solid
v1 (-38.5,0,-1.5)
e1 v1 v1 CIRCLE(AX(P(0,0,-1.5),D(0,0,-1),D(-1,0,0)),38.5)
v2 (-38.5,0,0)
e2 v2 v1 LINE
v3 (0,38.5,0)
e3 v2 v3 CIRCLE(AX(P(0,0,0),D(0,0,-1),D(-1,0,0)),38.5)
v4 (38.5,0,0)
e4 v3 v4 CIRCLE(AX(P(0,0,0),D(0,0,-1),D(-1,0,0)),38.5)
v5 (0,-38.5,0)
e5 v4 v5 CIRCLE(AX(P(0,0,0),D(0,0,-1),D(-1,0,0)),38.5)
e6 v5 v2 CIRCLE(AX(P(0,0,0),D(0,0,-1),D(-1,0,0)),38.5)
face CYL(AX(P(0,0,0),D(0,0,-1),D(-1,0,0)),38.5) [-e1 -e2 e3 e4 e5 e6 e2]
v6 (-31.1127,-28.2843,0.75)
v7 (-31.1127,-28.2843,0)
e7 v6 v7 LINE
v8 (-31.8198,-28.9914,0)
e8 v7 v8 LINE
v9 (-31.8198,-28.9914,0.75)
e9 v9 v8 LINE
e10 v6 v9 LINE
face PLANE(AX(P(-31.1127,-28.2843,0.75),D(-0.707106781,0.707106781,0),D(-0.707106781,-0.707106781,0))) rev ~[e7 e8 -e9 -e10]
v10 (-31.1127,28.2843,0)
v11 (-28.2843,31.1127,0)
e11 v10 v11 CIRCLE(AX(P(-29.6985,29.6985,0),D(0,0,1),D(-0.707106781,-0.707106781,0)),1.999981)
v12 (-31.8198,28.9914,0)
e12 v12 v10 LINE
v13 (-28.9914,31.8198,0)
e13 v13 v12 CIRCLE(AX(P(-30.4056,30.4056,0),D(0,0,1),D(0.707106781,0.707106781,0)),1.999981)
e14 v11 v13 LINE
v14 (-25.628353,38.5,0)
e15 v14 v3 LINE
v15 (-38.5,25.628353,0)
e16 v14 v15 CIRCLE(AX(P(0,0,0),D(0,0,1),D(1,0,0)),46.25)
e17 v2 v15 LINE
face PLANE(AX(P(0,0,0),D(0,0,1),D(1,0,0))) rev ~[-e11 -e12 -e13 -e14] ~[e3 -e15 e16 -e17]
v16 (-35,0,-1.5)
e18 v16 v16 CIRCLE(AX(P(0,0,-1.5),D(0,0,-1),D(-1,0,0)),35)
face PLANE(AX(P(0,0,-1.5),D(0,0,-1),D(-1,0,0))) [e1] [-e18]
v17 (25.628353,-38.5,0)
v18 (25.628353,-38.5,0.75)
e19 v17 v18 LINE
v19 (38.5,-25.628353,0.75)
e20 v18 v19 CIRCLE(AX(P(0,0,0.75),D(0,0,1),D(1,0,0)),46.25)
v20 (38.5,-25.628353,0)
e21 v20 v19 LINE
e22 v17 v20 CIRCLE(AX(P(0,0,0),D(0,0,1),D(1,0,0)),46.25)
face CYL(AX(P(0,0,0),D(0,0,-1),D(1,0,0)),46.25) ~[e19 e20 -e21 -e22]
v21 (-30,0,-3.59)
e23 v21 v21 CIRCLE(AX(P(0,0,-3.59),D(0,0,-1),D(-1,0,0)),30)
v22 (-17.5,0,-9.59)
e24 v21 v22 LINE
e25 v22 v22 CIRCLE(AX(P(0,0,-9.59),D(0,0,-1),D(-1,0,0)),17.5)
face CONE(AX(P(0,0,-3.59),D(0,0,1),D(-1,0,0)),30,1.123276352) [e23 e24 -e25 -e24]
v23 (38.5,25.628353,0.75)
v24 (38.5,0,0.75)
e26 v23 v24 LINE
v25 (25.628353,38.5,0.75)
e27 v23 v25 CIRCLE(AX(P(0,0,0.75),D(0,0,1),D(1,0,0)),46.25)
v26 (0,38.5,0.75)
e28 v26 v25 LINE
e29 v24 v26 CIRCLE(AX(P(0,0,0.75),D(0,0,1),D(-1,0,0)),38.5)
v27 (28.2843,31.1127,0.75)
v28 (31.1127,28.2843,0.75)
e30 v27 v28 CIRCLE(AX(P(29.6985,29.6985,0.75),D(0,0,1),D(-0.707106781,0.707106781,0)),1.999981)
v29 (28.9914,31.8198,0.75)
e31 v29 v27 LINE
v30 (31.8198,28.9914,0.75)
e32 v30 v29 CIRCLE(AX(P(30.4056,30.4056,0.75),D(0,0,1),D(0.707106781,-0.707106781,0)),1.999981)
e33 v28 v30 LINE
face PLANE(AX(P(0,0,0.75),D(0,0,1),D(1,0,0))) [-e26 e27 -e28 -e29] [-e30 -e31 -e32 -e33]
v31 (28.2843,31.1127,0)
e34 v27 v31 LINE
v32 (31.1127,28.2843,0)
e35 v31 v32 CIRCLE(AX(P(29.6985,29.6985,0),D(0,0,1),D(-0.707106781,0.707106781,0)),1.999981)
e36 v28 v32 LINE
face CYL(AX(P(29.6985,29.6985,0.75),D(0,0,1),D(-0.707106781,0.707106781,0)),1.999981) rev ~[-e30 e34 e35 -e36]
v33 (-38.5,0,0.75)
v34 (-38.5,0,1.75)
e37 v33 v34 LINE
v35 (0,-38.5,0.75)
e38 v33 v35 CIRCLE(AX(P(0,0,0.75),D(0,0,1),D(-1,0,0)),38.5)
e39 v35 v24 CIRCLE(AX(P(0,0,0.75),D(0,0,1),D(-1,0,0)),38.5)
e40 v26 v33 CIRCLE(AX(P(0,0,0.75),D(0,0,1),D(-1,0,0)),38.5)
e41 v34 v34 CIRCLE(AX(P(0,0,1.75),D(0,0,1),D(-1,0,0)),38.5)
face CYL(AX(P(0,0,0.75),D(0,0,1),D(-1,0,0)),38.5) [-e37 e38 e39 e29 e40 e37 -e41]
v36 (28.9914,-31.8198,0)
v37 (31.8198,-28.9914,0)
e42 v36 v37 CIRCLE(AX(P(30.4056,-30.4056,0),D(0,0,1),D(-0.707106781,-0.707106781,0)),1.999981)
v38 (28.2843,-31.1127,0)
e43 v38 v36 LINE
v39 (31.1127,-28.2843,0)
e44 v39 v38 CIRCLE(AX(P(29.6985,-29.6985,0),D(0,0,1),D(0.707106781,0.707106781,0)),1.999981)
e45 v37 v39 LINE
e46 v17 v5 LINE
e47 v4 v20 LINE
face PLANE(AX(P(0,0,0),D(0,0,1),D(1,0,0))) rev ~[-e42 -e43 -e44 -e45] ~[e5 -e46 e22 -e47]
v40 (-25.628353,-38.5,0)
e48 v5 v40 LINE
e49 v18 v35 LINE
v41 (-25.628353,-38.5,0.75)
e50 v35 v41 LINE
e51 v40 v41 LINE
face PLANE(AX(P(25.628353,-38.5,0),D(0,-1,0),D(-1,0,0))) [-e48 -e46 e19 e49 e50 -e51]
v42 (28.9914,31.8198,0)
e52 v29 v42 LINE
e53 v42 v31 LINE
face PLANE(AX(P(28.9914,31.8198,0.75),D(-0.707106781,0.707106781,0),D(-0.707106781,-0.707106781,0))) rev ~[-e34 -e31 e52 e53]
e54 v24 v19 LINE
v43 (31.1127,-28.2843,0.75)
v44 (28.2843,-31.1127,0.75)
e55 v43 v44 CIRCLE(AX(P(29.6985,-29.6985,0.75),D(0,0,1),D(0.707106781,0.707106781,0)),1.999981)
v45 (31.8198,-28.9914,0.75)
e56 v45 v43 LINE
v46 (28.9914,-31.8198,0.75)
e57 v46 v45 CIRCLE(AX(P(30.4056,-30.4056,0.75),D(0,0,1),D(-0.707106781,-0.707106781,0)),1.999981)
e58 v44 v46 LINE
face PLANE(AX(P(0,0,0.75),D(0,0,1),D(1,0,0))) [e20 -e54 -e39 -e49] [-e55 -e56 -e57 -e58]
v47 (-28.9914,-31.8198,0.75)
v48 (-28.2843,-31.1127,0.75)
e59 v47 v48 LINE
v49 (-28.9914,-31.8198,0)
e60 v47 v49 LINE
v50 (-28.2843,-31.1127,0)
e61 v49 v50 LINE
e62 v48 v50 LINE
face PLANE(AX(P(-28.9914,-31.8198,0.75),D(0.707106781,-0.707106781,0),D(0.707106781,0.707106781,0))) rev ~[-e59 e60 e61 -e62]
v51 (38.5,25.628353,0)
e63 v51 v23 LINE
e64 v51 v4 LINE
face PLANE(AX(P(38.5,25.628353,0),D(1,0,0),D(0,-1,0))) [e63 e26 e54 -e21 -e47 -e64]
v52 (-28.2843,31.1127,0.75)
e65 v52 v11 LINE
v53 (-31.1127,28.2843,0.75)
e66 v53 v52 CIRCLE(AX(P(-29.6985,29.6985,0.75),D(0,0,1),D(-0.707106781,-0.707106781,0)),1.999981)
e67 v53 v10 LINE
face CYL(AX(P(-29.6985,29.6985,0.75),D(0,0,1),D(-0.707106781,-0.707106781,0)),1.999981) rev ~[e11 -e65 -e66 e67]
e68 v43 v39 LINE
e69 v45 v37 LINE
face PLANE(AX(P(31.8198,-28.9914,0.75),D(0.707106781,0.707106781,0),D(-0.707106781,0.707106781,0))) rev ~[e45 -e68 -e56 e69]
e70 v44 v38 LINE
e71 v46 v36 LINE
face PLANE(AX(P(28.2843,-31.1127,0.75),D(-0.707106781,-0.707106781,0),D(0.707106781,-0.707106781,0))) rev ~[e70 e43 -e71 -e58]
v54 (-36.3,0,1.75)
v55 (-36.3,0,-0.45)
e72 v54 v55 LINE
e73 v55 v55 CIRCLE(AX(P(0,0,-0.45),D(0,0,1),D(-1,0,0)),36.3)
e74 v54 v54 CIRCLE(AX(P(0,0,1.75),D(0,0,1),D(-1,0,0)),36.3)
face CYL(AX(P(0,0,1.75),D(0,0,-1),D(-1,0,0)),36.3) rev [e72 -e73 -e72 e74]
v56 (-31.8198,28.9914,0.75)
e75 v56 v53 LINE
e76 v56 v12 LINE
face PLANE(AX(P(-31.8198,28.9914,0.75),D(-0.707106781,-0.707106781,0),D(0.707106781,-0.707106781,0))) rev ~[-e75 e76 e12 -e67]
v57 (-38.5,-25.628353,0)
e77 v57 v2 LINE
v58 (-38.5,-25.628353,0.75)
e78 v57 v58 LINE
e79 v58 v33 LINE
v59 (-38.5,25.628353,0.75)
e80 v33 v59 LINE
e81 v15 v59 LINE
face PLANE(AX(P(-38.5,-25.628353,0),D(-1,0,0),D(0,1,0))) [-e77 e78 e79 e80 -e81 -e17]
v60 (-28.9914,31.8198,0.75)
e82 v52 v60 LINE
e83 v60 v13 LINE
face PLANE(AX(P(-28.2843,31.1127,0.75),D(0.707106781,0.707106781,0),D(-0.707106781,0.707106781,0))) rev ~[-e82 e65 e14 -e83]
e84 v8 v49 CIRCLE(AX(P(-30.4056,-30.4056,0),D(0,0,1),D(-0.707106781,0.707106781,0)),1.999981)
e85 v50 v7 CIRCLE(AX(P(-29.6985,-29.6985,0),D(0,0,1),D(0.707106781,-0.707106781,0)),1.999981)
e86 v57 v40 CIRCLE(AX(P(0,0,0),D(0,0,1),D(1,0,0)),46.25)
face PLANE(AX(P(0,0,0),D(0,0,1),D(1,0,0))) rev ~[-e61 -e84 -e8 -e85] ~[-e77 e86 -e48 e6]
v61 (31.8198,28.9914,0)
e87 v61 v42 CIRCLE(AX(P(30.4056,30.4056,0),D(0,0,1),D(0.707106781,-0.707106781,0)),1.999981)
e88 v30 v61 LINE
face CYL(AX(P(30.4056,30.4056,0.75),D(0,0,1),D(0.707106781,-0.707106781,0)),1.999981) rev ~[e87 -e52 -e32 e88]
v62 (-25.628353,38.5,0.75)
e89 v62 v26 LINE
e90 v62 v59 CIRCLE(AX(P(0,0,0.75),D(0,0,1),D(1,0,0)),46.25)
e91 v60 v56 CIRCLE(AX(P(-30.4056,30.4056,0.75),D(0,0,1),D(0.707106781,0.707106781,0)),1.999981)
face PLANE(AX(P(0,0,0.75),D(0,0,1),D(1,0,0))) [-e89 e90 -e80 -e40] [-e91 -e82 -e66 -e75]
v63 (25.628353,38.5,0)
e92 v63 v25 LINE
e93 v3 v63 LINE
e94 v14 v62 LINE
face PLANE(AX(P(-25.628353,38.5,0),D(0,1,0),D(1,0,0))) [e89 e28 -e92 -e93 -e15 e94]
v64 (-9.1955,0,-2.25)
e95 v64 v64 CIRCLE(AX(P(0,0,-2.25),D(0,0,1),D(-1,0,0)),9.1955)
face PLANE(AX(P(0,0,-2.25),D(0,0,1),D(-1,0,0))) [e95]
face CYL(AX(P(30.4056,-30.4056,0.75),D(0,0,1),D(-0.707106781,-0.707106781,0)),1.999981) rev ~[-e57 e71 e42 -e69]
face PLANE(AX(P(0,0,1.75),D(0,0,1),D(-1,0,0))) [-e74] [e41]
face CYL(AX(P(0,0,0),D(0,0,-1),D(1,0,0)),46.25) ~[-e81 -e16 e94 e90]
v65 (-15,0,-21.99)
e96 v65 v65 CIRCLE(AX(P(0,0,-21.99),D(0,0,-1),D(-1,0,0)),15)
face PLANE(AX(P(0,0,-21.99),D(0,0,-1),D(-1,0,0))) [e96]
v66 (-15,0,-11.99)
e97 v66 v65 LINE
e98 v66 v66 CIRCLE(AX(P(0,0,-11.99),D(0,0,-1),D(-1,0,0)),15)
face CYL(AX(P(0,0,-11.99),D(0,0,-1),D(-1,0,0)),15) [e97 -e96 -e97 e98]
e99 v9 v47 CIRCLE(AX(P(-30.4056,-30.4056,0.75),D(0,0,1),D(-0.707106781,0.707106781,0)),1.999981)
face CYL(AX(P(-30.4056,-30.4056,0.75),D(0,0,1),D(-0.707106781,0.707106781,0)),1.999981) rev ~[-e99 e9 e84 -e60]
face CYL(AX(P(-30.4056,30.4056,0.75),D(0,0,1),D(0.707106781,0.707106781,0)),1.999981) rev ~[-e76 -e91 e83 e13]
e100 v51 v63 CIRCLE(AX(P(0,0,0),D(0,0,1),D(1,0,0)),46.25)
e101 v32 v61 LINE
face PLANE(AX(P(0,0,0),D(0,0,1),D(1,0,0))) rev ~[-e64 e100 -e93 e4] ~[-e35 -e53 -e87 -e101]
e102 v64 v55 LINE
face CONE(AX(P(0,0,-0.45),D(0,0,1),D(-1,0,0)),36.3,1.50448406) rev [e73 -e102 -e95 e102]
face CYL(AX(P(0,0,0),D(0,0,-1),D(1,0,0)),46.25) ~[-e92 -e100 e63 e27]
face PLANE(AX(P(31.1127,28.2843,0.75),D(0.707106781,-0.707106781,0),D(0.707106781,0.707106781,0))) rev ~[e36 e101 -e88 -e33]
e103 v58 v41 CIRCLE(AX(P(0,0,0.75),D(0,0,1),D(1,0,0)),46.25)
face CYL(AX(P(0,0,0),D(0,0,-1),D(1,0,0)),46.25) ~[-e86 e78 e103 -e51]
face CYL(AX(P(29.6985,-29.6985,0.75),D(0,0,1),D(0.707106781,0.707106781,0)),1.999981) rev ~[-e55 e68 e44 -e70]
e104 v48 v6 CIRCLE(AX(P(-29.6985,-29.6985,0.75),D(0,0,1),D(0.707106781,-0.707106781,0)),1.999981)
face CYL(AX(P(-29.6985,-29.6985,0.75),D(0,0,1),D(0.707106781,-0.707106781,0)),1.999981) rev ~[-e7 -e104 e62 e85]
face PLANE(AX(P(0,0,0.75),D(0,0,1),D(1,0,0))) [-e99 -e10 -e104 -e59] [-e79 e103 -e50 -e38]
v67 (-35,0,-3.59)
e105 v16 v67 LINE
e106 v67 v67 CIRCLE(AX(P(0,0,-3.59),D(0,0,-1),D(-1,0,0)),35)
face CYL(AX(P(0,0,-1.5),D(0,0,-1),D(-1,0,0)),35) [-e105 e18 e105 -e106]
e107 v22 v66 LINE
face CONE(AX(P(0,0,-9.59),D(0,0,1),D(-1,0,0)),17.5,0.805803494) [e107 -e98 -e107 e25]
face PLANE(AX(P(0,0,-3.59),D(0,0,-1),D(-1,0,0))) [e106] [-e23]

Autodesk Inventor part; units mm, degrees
ref_plane "YZ Plane" through (0, 0, 0) normal (1, 0, 0) x (0, 1, 0)
ref_plane "XZ Plane" through (0, 0, 0) normal (0, 1, 0) x (-1, 0, 0)
ref_plane "XY Plane" through (0, 0, 0) normal (0, 0, 1) x (1, 0, 0)
sketch "스케치1" plane through (0, 0, 0) normal (0, 0, 1) x (1, 0, 0)
  circle A0 centre (0, 0) radius 46.25
  line L0 (-38.5, 38.5) -> (38.5, 38.5)
  line L1 (38.5, 38.5) -> (38.5, -38.5)
  line L2 (38.5, -38.5) -> (-38.5, -38.5)
  line L3 (-38.5, -38.5) -> (-38.5, 38.5)
  line L4 (-38.5, 38.5) -> (38.5, -38.5) construction
  line L5 (38.5, 38.5) -> (-38.5, -38.5) construction
  point P0 (-38.5, 25.6284)
  point P1 (-38.5, -25.6284)
  point P2 (-25.6284, -38.5)
  point P3 (25.6284, -38.5)
  point P4 (38.5, -25.6284)
  point P5 (38.5, 25.6284)
  point P6 (25.6284, 38.5)
  point P7 (-25.6284, 38.5)
  dimension "d0" = 92.5
  dimension "d1" = 77
  dimension "d2" = 77
extrude "돌출1" add sketch "스케치1" along normal blind 0.75 contours L1 A0 L2 L3 L0
sketch "스케치2" plane through (0, 0, 0) normal (0, 1, 0) x (-1, 0, 0)
  line L0 (25.6284, 0.75) -> (-25.6284, 0.75) projected
  line L1 (0, 0.75) -> (0, -28.2062)
  line L2 (38.5, 0) -> (38.5, -1.5)
  line L3 (38.5, -1.5) -> (35, -1.5)
  line L4 (35, -1.5) -> (35, -3.59)
  line L5 (35, -3.59) -> (0, -3.59)
  line L6 (38.5, 0) -> (25.6284, 0) projected
  line L7 (30, -3.59) -> (17.5, -9.59)
  line L8 (17.5, -9.59) -> (15, -11.99)
  line L9 (15, -11.99) -> (15, -21.99)
  line L10 (15, -21.99) -> (0, -21.99)
  line L11 (-25.6284, 0) -> (25.6284, 0) projected
  point P0 (0, 0)
  point P1 (0, 0)
  dimension "d5" = 1.5
  dimension "d6" = 2.09
  dimension "d7" = 77
  dimension "d8" = 70
  dimension "d9" = 60
  dimension "d10" = 35
  dimension "d11" = 30
  dimension "d12" = 6
  dimension "d13" = 2.4
  dimension "d14" = 10
revolve "회전1" add sketch "스케치2" angle 360 about axis through (0, 0, 0.75) along (0, 0, -1)
sketch "스케치3" plane through (0, 0, 0) normal (0, 1, 0) x (-1, 0, 0)
  line L0 (38.5, 0) -> (38.5, 0.75) projected
  line L1 (38.5, 0.75) -> (38.5, 1.75)
  line L2 (38.5, 1.75) -> (36.3, 1.75)
  line L3 (36.3, 1.75) -> (36.3, 0.75)
  line L4 (38.5, 0.75) -> (25.6284, 0.75) projected
  line L5 (9.1955, -2.25) -> (0, -2.25)
  line L6 (-35, -1.5) -> (35, -1.5) projected
  line L7 (0, -2.25) -> (0, 0.75)
  line L8 (25.6284, 0.75) -> (-25.6284, 0.75) projected
  line L9 (36.3, 0.75) -> (0, 0.75)
  line L10 (0, 0) -> (-25.6284, 0) projected
  line L11 (36.3, 0.75) -> (36.3, -0.45)
  line L12 (36.3, -0.45) -> (9.1955, -2.25)
  point P0 (20.489, -1.5)
  point P1 (0, -1.5)
  dimension "d16" = 1
  dimension "d17" = 2.2
  dimension "d18" = 1.2
  dimension "d19" = 3
revolve "회전2" add sketch "스케치3" angle 360 about axis through (0, 0, -2.25) along (0, 0, 1) contours L4 L3 L2 L1
revolve "회전3" cut sketch "스케치3" angle 360 about axis through (0, 0, -2.25) along (0, 0, 1) contours L11 L12 L6 L7 L8 L4 | L12 L5 L7 L6
sketch "스케치4" plane through (0, 0, 0.75) normal (0, 0, 1) x (1, 0, 0)
  circle A0 centre (0, 0) radius 42 construction
  line L0 (0, 0) -> (0, 16.8085)
  line L1 (0, 0) -> (-29.6985, 29.6985) construction
  line L2 (-29.6985, 29.6985) -> (-30.4056, 30.4056) construction
  line L3 (-28.2843, 31.1127) -> (-28.9914, 31.8198)
  line L4 (-31.8198, 28.9914) -> (-31.1127, 28.2843)
  arc A1 (-31.1127, 28.2843) -> (-28.2843, 31.1127) centre (-29.6985, 29.6985) ccw
  arc A2 (-28.9914, 31.8198) -> (-31.8198, 28.9914) centre (-30.4056, 30.4056) ccw
  point P0 (-30.052, 30.052)
  dimension "d22" = 84
  dimension "d23" = 45
  dimension "d24" = 1
  dimension "d25" = 4
extrude "돌출2" cut sketch "스케치4" against normal blind 0.75
pattern_circular "원형 패턴1" count 4 over 360 about axis through (0, 0, 1.25) along (0, 0, 1) of "돌출2"
properties part number "스피커"
